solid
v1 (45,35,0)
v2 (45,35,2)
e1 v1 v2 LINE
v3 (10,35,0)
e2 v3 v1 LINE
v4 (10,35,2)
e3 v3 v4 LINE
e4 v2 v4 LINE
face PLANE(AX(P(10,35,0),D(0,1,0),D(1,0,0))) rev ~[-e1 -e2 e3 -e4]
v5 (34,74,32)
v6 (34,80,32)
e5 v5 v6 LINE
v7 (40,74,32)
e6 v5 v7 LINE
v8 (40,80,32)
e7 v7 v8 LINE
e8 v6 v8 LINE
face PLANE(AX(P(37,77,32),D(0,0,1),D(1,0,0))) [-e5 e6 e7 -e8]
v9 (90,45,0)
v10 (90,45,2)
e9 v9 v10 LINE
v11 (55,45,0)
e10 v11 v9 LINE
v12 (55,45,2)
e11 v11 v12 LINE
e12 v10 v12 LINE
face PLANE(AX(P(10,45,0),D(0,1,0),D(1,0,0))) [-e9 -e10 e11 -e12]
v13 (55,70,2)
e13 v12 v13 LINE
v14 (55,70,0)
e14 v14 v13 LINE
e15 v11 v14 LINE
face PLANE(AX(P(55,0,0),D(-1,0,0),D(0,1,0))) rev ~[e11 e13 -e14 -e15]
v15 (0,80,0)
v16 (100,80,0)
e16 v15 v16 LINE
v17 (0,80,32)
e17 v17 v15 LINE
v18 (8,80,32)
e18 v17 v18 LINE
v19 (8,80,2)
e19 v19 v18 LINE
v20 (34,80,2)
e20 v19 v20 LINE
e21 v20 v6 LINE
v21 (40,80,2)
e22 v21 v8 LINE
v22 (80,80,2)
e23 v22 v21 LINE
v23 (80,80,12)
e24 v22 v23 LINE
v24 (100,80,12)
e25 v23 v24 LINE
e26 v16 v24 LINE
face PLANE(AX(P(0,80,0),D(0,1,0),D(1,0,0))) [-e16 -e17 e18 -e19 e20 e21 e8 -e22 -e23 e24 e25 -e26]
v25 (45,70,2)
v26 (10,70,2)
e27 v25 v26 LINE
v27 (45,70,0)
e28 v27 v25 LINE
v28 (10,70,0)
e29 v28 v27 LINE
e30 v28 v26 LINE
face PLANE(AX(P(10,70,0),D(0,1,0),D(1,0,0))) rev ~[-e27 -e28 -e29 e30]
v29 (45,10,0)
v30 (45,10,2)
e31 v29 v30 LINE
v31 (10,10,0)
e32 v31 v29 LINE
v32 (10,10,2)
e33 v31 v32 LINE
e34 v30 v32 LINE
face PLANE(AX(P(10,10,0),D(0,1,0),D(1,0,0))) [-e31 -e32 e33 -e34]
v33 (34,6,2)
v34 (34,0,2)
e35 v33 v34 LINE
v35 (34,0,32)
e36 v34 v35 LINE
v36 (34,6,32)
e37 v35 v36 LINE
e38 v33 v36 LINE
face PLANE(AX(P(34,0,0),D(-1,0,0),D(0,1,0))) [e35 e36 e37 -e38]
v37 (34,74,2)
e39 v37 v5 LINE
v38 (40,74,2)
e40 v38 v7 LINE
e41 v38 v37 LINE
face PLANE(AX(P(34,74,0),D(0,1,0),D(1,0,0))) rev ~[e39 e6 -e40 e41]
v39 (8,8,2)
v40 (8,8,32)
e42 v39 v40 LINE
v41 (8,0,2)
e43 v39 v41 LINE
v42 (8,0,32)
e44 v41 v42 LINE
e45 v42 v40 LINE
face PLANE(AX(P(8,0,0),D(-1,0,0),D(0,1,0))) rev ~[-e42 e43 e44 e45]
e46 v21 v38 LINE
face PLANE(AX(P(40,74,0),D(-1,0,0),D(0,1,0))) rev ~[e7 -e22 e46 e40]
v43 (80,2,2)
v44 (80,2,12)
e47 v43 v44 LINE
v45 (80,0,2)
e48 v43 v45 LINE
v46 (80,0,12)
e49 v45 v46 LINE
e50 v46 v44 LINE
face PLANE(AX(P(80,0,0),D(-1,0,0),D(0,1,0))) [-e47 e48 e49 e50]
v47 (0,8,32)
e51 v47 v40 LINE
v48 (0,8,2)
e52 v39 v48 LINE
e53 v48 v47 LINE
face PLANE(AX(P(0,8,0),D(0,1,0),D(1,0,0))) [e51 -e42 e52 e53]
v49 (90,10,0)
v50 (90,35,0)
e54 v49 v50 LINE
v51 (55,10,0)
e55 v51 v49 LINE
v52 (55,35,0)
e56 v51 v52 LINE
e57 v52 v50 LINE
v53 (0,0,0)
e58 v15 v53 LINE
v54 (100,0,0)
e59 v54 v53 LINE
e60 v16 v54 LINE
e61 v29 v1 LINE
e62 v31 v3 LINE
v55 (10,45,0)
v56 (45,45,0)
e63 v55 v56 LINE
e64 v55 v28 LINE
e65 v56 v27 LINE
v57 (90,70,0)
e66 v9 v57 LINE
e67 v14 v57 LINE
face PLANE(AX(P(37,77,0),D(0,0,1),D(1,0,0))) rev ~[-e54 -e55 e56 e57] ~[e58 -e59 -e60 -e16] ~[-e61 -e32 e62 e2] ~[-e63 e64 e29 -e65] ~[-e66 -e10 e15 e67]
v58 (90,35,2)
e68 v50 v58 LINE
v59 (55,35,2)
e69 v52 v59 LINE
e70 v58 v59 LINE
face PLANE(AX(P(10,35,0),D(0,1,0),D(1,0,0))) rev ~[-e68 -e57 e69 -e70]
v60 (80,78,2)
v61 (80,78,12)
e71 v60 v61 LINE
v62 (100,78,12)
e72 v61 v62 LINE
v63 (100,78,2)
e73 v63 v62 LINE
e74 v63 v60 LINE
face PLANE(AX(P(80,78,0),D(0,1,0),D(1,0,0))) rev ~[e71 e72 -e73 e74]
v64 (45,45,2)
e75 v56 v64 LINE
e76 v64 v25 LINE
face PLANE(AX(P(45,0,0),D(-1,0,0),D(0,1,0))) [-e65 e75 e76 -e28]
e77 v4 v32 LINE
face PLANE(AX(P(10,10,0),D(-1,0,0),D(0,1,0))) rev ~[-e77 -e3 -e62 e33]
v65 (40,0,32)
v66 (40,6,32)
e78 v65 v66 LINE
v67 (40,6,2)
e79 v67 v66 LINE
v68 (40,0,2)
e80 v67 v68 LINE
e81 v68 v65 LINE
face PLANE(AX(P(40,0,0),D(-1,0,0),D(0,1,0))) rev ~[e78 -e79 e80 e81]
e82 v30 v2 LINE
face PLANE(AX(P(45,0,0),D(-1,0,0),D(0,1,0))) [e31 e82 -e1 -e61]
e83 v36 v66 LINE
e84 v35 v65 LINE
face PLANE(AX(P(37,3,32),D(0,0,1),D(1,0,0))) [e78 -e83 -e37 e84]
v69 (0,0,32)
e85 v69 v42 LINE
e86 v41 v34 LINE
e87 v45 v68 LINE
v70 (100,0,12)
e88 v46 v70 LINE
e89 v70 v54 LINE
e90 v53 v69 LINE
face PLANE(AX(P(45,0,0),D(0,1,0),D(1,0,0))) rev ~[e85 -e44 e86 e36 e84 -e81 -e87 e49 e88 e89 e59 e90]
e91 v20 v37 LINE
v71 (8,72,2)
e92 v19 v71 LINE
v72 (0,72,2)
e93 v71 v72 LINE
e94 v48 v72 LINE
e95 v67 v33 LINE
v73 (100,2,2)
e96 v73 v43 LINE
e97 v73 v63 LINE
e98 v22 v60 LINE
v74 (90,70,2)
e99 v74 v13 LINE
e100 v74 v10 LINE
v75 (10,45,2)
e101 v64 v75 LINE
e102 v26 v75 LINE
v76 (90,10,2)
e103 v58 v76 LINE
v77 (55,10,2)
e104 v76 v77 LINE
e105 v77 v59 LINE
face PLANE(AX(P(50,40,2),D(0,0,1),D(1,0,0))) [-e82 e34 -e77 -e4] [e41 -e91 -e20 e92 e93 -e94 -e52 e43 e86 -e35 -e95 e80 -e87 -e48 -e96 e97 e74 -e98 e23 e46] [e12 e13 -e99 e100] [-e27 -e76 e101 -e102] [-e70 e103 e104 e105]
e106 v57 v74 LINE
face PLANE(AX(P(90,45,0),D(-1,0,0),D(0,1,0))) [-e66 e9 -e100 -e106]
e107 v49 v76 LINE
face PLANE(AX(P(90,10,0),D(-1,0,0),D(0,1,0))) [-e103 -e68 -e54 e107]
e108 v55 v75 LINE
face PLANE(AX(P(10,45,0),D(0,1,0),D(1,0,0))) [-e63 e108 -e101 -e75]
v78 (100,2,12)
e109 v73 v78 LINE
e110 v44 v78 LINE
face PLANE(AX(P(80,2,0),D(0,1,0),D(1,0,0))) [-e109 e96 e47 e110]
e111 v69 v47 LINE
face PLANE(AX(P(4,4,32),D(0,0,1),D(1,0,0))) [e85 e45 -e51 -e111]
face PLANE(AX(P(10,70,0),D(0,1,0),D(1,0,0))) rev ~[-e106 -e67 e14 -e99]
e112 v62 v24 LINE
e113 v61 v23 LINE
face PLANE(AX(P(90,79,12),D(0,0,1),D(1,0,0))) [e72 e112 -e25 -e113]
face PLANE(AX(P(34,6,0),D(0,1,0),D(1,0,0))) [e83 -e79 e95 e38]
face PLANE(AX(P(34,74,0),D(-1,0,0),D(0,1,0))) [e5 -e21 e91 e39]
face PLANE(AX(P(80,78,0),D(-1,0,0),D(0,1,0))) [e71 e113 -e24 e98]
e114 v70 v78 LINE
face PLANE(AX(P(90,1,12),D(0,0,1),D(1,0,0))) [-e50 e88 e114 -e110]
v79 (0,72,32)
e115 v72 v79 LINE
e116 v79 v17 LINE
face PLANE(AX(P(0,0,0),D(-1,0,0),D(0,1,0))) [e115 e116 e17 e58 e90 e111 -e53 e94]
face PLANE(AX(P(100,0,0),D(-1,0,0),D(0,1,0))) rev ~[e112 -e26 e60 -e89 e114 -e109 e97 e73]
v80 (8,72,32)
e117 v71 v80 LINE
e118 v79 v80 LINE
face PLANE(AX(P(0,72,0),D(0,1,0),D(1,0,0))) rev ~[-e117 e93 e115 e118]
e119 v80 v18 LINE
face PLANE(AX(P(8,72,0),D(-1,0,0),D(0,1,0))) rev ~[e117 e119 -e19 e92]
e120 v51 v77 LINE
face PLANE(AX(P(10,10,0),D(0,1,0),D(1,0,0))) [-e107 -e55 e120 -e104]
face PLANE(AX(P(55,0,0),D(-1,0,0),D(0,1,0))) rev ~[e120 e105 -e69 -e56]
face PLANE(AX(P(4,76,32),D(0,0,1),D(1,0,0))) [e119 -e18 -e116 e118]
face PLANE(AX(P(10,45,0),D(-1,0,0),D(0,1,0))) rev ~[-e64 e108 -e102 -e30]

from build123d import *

# Parameters (mm, degrees)
BOX009_W     = 10
BOX009_H     = 80
BOX009_DEPTH = 2
BOX008_W     = 20
BOX008_H     = 2
BOX008_DEPTH = 12
BOX007_W     = 20
BOX007_H     = 2
BOX007_DEPTH = 12
BOX006_W     = 80
BOX006_H     = 25
BOX006_DEPTH = 10
BOX005_W     = 80
BOX005_H     = 25
BOX005_DEPTH = 10
BOX004_W     = 6
BOX004_H     = 6
BOX004_DEPTH = 32
BOX003_W     = 6
BOX003_H     = 6
BOX003_DEPTH = 32
BOX002_W     = 8
BOX002_H     = 8
BOX002_DEPTH = 32
BOX001_W     = 8
BOX001_H     = 8
BOX001_DEPTH = 32
BOX_W        = 100
BOX_H        = 80
BOX_DEPTH    = 2


with BuildPart() as cube009:
    # Box009 → Box009 (new body)
    with BuildSketch(Plane(origin=(45, 0, 0), x_dir=(1, 0, 0), z_dir=(0, 0, 1))):
        with Locations((5, 40)):
            Rectangle(BOX009_W, BOX009_H)
    extrude(amount=BOX009_DEPTH)


with BuildPart() as cube008:
    # Box008 → Box008 (new body)
    with BuildSketch(Plane(origin=(80, 78, 0), x_dir=(1, 0, 0), z_dir=(0, 0, 1))):
        with Locations((10, 1)):
            Rectangle(BOX008_W, BOX008_H)
    extrude(amount=BOX008_DEPTH)


with BuildPart() as cube007:
    # Box007 → Box007 (new body)
    with BuildSketch(Plane(origin=(80, 0, 0), x_dir=(1, 0, 0), z_dir=(0, 0, 1))):
        with Locations((10, 1)):
            Rectangle(BOX007_W, BOX007_H)
    extrude(amount=BOX007_DEPTH)


with BuildPart() as cube006:
    # Box006 → Box006 (new body)
    with BuildSketch(Plane(origin=(10, 45, 0), x_dir=(1, 0, 0), z_dir=(0, 0, 1))):
        with Locations((40, 12.5)):
            Rectangle(BOX006_W, BOX006_H)
    extrude(amount=BOX006_DEPTH)


with BuildPart() as cube005:
    # Box005 → Box005 (new body)
    with BuildSketch(Plane(origin=(10, 10, 0), x_dir=(1, 0, 0), z_dir=(0, 0, 1))):
        with Locations((40, 12.5)):
            Rectangle(BOX005_W, BOX005_H)
    extrude(amount=BOX005_DEPTH)


with BuildPart() as cube004:
    # Box004 → Box004 (new body)
    with BuildSketch(Plane(origin=(34, 74, 0), x_dir=(1, 0, 0), z_dir=(0, 0, 1))):
        with Locations((3, 3)):
            Rectangle(BOX004_W, BOX004_H)
    extrude(amount=BOX004_DEPTH)


with BuildPart() as cube003:
    # Box003 → Box003 (new body)
    with BuildSketch(Plane(origin=(34, 0, 0), x_dir=(1, 0, 0), z_dir=(0, 0, 1))):
        with Locations((3, 3)):
            Rectangle(BOX003_W, BOX003_H)
    extrude(amount=BOX003_DEPTH)


with BuildPart() as cube002:
    # Box002 → Box002 (new body)
    with BuildSketch(Plane(origin=(0, 72, 0), x_dir=(1, 0, 0), z_dir=(0, 0, 1))):
        with Locations((4, 4)):
            Rectangle(BOX002_W, BOX002_H)
    extrude(amount=BOX002_DEPTH)


with BuildPart() as cube001:
    # Box001 → Box001 (new body)
    with BuildSketch(Plane.XY):
        with Locations((4, 4)):
            Rectangle(BOX001_W, BOX001_H)
    extrude(amount=BOX001_DEPTH)


with BuildPart() as fusion006:
    # Box → Box (new body)
    with BuildSketch(Plane.XY):
        with Locations((50, 40)):
            Rectangle(BOX_W, BOX_H)
    extrude(amount=BOX_DEPTH)

    # Fusion: union Cube001
    add(cube001.part)

    # Fusion001: union Cube002
    add(cube002.part)

    # Fusion002: union Cube003
    add(cube003.part)

    # Fusion003: union Cube004
    add(cube004.part)

    # Cut: cut Cube005
    add(cube005.part, mode=Mode.SUBTRACT)

    # Cut001: cut Cube006
    add(cube006.part, mode=Mode.SUBTRACT)

    # Fusion004: union Cube007
    add(cube007.part)

    # Fusion005: union Cube008
    add(cube008.part)

    # Fusion006: union Cube009
    add(cube009.part)


solid = fusion006.part
